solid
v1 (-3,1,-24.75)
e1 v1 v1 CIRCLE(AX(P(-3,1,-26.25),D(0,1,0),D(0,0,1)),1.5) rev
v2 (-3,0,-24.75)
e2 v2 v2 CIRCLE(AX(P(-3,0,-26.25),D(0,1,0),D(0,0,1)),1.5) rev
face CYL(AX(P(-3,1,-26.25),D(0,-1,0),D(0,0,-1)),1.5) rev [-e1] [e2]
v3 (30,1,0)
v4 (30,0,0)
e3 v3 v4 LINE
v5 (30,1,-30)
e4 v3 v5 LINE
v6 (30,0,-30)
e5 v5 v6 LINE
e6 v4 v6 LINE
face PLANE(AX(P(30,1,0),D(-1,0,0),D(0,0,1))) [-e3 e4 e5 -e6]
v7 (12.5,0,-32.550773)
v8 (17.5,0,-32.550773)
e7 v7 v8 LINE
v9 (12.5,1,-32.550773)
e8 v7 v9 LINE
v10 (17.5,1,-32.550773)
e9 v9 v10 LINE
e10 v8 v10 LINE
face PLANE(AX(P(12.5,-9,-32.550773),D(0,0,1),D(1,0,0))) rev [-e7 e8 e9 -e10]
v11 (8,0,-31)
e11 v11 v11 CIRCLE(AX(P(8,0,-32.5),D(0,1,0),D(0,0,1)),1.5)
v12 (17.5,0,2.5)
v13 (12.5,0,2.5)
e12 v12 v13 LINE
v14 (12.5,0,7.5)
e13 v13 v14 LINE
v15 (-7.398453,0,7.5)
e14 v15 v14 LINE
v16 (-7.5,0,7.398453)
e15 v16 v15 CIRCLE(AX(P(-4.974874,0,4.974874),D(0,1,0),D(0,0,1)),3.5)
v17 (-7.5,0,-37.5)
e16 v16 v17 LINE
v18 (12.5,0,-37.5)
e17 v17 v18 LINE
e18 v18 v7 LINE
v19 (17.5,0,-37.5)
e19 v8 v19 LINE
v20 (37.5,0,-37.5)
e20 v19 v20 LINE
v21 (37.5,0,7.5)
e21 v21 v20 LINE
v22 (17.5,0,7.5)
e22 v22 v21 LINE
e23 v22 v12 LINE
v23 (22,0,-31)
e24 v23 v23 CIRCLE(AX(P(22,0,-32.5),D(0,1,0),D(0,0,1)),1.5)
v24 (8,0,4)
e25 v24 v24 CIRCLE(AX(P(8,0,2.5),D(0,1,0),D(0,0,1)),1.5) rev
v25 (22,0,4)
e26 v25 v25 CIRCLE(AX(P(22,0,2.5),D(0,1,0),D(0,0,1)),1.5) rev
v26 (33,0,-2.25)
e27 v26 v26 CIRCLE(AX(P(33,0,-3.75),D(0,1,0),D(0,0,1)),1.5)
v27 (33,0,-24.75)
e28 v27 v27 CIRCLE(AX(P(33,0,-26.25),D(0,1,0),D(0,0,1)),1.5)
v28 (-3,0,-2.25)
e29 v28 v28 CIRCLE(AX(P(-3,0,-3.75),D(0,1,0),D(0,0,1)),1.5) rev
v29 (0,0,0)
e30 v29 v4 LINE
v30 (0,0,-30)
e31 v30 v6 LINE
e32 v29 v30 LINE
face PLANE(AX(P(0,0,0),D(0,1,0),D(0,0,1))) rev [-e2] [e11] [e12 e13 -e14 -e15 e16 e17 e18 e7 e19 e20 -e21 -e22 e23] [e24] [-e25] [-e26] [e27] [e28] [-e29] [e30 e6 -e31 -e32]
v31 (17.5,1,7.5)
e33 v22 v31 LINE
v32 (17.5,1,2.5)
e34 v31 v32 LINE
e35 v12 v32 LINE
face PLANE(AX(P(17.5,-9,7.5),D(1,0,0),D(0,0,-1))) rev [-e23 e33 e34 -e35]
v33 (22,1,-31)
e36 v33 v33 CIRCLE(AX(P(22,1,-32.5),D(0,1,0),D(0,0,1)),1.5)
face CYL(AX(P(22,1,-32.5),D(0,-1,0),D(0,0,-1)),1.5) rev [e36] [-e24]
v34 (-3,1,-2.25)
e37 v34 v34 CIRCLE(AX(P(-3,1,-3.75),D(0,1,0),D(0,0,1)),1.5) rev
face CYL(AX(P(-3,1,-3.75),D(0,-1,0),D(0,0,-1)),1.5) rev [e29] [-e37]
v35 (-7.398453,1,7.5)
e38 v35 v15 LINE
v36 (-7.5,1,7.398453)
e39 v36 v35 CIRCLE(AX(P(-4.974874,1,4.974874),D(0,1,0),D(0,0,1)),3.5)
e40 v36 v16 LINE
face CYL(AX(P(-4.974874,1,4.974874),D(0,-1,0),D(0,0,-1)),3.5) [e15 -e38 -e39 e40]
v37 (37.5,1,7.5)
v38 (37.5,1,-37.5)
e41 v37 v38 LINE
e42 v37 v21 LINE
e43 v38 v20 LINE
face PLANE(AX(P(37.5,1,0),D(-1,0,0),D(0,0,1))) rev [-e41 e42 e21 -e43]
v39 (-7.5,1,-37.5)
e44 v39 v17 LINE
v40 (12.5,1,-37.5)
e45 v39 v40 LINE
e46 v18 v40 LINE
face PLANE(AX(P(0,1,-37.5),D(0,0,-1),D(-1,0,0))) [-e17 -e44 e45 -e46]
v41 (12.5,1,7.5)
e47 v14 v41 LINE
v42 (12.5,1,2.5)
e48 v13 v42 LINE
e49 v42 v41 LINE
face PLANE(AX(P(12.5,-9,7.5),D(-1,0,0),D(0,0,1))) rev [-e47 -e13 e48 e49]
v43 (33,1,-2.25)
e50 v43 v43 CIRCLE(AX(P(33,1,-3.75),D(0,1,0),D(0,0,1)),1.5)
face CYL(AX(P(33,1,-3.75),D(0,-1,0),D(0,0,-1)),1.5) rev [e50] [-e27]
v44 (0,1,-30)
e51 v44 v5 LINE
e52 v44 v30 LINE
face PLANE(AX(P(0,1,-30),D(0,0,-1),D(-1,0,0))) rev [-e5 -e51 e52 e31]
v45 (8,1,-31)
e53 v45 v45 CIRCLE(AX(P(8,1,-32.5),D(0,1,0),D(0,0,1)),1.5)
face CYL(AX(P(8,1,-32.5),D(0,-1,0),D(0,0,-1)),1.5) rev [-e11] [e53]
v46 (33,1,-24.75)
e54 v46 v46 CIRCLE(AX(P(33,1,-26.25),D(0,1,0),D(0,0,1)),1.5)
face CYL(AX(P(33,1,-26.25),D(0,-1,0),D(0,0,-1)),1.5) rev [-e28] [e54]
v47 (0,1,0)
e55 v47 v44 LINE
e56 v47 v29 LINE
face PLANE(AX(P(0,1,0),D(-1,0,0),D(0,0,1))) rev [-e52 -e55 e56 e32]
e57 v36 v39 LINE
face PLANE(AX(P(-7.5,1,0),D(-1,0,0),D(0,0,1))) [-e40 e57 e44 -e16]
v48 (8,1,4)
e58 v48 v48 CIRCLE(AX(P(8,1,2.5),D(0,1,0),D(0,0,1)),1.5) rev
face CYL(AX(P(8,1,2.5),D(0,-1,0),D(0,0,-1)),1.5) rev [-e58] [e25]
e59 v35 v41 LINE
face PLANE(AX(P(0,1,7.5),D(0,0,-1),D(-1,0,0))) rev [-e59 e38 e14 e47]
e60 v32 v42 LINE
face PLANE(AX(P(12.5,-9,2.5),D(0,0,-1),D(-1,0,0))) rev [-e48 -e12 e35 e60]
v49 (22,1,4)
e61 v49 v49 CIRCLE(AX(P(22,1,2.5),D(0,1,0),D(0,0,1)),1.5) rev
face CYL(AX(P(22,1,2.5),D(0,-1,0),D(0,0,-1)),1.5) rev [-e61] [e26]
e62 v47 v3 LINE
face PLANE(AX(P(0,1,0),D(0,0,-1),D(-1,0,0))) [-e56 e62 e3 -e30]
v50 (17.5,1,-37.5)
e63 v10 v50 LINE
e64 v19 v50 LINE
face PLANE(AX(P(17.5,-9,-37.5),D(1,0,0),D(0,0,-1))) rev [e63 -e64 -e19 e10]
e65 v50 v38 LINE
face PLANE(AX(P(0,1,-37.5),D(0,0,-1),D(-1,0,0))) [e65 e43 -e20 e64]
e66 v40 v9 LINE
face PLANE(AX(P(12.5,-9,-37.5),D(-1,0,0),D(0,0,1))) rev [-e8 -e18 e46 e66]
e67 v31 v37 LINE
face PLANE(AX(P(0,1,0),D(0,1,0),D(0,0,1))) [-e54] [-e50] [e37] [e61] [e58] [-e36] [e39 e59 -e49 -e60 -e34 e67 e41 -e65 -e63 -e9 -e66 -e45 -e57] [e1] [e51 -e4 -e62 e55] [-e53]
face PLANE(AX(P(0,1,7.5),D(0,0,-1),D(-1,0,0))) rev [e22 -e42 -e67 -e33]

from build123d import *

# Parameters (mm, degrees)
CROQUIS1_R              = 1.5
CROQUIS1_W              = 30
CROQUIS1_H              = 30
SALIENTE_EXTRUIR1_DEPTH = 1
CROQUIS3_W              = 5
CROQUIS3_H              = 4.949226591
CROQUIS3_H_2            = 5
CORTAR_EXTRUIR2_DEPTH   = 10


with BuildPart() as part:
    # Croquis1 → Saliente-Extruir1 (new body)
    with BuildSketch(Plane(origin=(0, 0, 0), x_dir=(1, 0, 0), z_dir=(0, 1, 0))):
        with BuildLine():
            ThreePointArc((-7.5, -7.398453182), (-7.449747468, -7.449747468), (-7.398453182, -7.5))
            Line((-7.398453182, -7.5), (37.5, -7.5))
            Line((37.5, -7.5), (37.5, 37.5))
            Line((37.5, 37.5), (-7.5, 37.5))
            Line((-7.5, 37.5), (-7.5, -7.398453182))
        make_face()
        with Locations(Location((8, -2.5, 0), (0, 0, 270))):
            Circle(CROQUIS1_R, mode=Mode.SUBTRACT)
        with Locations(Location((-3, 3.75, 0), (0, 0, 270))):
            Circle(CROQUIS1_R, mode=Mode.SUBTRACT)
        with Locations(Location((22, -2.5, 0), (0, 0, 270))):
            Circle(CROQUIS1_R, mode=Mode.SUBTRACT)
        with Locations(Location((33, 3.75, 0), (0, 0, 270))):
            Circle(CROQUIS1_R, mode=Mode.SUBTRACT)
        with Locations(Location((-3, 26.25, 0), (0, 0, 270))):
            Circle(CROQUIS1_R, mode=Mode.SUBTRACT)
        with Locations(Location((8, 32.5, 0), (0, 0, 270))):
            Circle(CROQUIS1_R, mode=Mode.SUBTRACT)
        with Locations((15, 15)):
            Rectangle(CROQUIS1_W, CROQUIS1_H, mode=Mode.SUBTRACT)
        with Locations(Location((22, 32.5, 0), (0, 0, 270))):
            Circle(CROQUIS1_R, mode=Mode.SUBTRACT)
        with Locations(Location((33, 26.25, 0), (0, 0, 270))):
            Circle(CROQUIS1_R, mode=Mode.SUBTRACT)
    extrude(amount=SALIENTE_EXTRUIR1_DEPTH)

    # Croquis3 → Cortar-Extruir2 (cut)
    with BuildSketch(Plane(origin=(0, 1, 0), x_dir=(1, 0, 0), z_dir=(0, 1, 0))):
        with Locations((15, 35.025386705)):
            Rectangle(CROQUIS3_W, CROQUIS3_H)
        with Locations((15, -5)):
            Rectangle(CROQUIS3_W, CROQUIS3_H_2)
    extrude(amount=-CORTAR_EXTRUIR2_DEPTH, mode=Mode.SUBTRACT)


solid = part.part
